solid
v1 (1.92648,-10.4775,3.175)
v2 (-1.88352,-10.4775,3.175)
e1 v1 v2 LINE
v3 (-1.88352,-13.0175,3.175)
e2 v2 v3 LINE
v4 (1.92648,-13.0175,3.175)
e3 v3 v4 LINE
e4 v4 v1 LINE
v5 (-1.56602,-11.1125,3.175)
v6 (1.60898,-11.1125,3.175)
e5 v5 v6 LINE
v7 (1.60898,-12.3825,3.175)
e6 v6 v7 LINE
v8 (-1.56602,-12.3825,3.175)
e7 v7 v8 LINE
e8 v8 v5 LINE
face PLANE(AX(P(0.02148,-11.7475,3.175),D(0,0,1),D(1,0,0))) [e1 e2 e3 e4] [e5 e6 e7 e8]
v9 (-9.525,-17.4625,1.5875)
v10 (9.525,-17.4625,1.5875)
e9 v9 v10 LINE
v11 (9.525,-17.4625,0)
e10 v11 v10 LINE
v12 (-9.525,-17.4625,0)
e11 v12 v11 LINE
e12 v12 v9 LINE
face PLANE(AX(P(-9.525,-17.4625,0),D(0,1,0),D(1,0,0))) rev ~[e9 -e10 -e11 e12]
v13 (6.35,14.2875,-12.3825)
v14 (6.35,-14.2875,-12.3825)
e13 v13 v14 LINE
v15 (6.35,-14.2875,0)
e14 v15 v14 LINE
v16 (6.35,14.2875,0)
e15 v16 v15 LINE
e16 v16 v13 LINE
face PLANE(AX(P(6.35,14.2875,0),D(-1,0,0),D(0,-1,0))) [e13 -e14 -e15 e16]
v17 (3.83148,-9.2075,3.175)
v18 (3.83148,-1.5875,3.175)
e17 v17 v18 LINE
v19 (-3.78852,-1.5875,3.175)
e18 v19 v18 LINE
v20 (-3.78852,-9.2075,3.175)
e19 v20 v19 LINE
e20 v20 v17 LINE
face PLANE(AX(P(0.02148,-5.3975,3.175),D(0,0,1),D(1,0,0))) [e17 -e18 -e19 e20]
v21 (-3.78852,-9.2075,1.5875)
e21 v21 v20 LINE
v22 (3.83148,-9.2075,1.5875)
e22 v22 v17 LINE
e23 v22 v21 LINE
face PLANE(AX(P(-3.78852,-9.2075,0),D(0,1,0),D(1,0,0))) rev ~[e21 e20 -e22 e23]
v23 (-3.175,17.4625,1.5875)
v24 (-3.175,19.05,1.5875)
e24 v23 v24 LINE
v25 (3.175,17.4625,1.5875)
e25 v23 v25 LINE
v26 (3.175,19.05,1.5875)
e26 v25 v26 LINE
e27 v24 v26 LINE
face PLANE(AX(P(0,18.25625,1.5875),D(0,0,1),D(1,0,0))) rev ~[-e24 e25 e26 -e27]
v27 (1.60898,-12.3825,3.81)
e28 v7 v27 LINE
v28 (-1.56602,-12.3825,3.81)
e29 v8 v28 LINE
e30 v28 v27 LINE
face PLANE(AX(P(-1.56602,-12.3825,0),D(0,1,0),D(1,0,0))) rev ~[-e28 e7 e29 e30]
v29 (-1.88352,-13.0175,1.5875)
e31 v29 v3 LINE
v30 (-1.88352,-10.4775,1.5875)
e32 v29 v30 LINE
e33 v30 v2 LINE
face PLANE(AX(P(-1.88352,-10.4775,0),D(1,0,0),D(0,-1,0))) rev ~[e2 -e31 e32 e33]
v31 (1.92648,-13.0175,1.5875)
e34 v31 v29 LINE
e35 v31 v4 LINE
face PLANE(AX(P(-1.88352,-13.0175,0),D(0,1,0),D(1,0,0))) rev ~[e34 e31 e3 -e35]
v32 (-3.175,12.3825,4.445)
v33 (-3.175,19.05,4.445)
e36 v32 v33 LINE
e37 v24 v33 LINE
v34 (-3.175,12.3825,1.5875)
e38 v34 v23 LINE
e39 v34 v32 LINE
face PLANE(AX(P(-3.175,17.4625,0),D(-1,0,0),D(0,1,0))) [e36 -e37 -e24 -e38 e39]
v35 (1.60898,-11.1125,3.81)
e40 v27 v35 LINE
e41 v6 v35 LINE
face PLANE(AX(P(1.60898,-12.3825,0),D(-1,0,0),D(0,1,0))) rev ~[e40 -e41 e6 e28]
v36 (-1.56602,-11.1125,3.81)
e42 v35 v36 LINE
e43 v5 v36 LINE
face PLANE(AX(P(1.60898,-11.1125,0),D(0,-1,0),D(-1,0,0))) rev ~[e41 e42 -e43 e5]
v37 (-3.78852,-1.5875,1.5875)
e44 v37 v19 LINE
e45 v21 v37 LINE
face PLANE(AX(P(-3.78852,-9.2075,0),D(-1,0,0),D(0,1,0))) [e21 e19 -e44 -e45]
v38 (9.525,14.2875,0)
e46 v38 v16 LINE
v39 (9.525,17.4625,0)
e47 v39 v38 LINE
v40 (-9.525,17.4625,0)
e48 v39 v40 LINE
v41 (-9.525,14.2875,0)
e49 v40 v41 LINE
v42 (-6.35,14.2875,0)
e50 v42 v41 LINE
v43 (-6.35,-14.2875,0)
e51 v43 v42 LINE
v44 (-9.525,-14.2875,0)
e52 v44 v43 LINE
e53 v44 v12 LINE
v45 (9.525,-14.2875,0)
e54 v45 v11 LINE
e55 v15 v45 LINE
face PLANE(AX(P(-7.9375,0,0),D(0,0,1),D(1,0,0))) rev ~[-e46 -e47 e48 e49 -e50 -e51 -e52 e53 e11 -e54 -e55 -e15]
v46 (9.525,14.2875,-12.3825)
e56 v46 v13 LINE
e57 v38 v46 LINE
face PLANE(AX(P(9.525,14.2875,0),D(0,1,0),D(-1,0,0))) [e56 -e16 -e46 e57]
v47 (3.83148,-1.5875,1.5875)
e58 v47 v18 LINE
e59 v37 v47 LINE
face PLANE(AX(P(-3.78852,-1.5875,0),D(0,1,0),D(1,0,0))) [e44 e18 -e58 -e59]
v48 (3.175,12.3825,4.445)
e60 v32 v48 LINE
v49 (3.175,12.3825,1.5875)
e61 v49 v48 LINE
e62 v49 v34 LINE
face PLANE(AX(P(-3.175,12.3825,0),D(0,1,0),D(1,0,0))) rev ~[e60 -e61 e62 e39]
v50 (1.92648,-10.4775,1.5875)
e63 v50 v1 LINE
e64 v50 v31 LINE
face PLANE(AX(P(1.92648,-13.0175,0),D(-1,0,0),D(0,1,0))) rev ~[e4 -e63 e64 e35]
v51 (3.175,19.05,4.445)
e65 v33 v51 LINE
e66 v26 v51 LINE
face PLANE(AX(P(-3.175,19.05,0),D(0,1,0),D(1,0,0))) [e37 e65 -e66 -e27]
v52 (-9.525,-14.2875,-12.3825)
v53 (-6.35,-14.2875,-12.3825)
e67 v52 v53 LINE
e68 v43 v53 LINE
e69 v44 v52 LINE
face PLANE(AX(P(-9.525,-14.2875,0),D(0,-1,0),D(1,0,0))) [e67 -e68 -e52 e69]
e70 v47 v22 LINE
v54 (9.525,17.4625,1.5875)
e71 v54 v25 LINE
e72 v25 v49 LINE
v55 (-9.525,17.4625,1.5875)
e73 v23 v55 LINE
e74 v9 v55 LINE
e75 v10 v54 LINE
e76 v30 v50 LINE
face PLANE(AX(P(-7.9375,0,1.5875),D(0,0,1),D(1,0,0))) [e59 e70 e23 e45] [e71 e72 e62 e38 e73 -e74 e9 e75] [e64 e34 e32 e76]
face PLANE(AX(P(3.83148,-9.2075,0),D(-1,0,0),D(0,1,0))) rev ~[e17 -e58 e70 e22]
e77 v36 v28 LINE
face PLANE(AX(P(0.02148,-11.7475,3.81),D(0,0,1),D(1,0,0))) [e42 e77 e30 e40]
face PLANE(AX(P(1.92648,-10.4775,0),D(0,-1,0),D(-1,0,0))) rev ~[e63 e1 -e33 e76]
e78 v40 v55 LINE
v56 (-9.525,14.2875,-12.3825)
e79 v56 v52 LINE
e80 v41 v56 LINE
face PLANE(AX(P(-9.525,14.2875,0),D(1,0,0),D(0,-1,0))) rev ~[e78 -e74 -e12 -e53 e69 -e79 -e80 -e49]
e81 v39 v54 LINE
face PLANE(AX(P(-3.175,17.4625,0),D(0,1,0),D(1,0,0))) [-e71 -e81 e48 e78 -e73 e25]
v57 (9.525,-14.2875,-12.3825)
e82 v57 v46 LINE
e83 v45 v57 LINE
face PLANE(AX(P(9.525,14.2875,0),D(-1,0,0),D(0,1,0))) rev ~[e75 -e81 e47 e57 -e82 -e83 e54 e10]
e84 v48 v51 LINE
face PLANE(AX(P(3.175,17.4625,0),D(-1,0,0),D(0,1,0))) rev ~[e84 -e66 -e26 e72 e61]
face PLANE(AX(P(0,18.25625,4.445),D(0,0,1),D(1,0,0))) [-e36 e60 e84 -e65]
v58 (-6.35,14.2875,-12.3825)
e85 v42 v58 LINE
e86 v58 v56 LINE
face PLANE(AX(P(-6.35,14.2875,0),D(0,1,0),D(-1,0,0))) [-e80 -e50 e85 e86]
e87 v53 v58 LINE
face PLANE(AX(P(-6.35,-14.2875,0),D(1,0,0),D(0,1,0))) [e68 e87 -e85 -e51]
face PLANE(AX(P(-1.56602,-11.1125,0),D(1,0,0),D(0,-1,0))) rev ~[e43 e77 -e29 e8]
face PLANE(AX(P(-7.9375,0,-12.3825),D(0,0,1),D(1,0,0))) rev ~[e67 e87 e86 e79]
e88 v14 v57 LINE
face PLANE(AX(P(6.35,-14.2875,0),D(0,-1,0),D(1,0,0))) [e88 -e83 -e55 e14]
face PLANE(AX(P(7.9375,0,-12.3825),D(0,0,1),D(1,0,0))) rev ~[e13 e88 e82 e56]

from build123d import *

# Parameters (mm, degrees)
F0_W     = 5.715
F0_H     = 1.5875
F0_W_2   = 3.7885198835
F1_DEPTH = 1.5875
F0_W_3   = 6.35
F0_H_2   = 3.175
F0_H_3   = 1.905
F2_DEPTH = 4.445
F3_DEPTH = 4.445
F4_DEPTH = 1.5875
F5_DEPTH = 1.5875
F6_DEPTH = 12.3825
F7_DEPTH = 3.175
F8_DEPTH = 3.81
F0_W_4   = 7.62
F0_H_4   = 7.62
F9_DEPTH = 3.175


with BuildPart() as f1:
    # F0 (on Top) → F1 (new body)
    with BuildSketch(Plane.XY):
        Polygon((-9.525, -17.4625), (-3.81, -17.4625), (-3.81, -14.2875), (-6.35, -14.2875), (-9.525, -14.2875), align=None)
        Polygon((3.8314801165, -14.2875), (6.35, -14.2875), (6.35, 6.7148534581), (-6.35, 6.7148534581), (-6.35, -14.2875), (-3.81, -14.2875), (-3.7885198835, -14.2875), (-3.7885198835, -9.2075), (-3.7885198835, -1.5875), (3.8314801165, -1.5875), (3.8314801165, -9.2075), align=None)
        Polygon((-9.525, 17.4625), (-9.525, 14.2875), (-6.35, 14.2875), (-3.175, 14.2875), (-3.175, 17.4625), align=None)
        Polygon((6.35, 14.2875), (9.525, 14.2875), (9.525, 17.4625), (3.175, 17.4625), (3.175, 14.2875), align=None)
        with Locations((6.6675, -16.66875)):
            Rectangle(F0_W, F0_H)
        with Locations((1.9157400582, -16.66875)):
            Rectangle(F0_W_2, F0_H)
        Polygon((3.81, -15.875), (9.525, -15.875), (9.525, -14.2875), (6.35, -14.2875), (3.8314801165, -14.2875), (3.81, -14.2875), align=None)
        Polygon((-3.81, -17.4625), (0.0214801165, -17.4625), (0.0214801165, -15.875), (0.0214801165, -14.2875), (-3.7885198835, -14.2875), (-3.81, -14.2875), align=None)
        with Locations((1.9157400582, -15.08125)):
            Rectangle(F0_W_2, F0_H)
        Polygon((0.0214801165, -14.2875), (3.81, -14.2875), (3.8314801165, -14.2875), (3.8314801165, -9.2075), (-3.7885198835, -9.2075), (-3.7885198835, -14.2875), align=None)
        Polygon((1.9264801165, -13.0175), (0.0214801165, -13.0175), (-1.8835198835, -13.0175), (-1.8835198835, -10.4775), (1.9264801165, -10.4775), align=None, mode=Mode.SUBTRACT)
        Polygon((6.35, 6.7148534581), (6.35, 14.2875), (3.175, 14.2875), (3.175, 12.3825), (-3.175, 12.3825), (-3.175, 14.2875), (-6.35, 14.2875), (-6.35, 6.7148534581), align=None)
    extrude(amount=F1_DEPTH)

    # F0 (on Top) → F2 (join)
    with BuildSketch(Plane.XY):
        with Locations((0, 15.875)):
            Rectangle(F0_W_3, F0_H_2)
        with Locations((0, 13.335)):
            Rectangle(F0_W_3, F0_H_3)
    extrude(amount=F2_DEPTH)

    # F0 (on Top) → F3 (join)
    with BuildSketch(Plane.XY):
        with Locations((0, 18.25625)):
            Rectangle(F0_W_3, F0_H)
    extrude(amount=F3_DEPTH)

    # F0 (on Top) → F4 (cut)
    with BuildSketch(Plane.XY):
        with Locations((0, 18.25625)):
            Rectangle(F0_W_3, F0_H)
    extrude(amount=F4_DEPTH, mode=Mode.SUBTRACT)

    # F0 (on Top) → F5 (join)
    with BuildSketch(Plane.XY):
        Polygon((-9.525, 14.2875), (-9.525, -14.2875), (-6.35, -14.2875), (-6.35, 6.7148534581), (-6.35, 14.2875), align=None)
        Polygon((6.35, -14.2875), (9.525, -14.2875), (9.525, 14.2875), (6.35, 14.2875), (6.35, 6.7148534581), align=None)
    extrude(amount=F5_DEPTH)

    # F0 (on Top) → F6 (join)
    with BuildSketch(Plane.XY):
        Polygon((6.35, -14.2875), (9.525, -14.2875), (9.525, 14.2875), (6.35, 14.2875), (6.35, 6.7148534581), align=None)
        Polygon((-9.525, 14.2875), (-9.525, -14.2875), (-6.35, -14.2875), (-6.35, 6.7148534581), (-6.35, 14.2875), align=None)
    extrude(amount=-F6_DEPTH)

    # F0 (on Top) → F7 (join)
    with BuildSketch(Plane.XY):
        Polygon((-1.8835198835, -13.0175), (0.0214801165, -13.0175), (1.9264801165, -13.0175), (1.9264801165, -10.4775), (-1.8835198835, -10.4775), align=None)
        Polygon((1.6089801165, -12.3825), (0.0214801165, -12.3825), (-1.5660198835, -12.3825), (-1.5660198835, -11.1125), (1.6089801165, -11.1125), align=None, mode=Mode.SUBTRACT)
    extrude(amount=F7_DEPTH)

    # F0 (on Top) → F8 (join)
    with BuildSketch(Plane.XY):
        Polygon((-1.5660198835, -12.3825), (0.0214801165, -12.3825), (1.6089801165, -12.3825), (1.6089801165, -11.1125), (-1.5660198835, -11.1125), align=None)
    extrude(amount=F8_DEPTH)

    # F0 (on Top) → F9 (join)
    with BuildSketch(Plane.XY):
        with Locations((0.0214801165, -5.3975)):
            Rectangle(F0_W_4, F0_H_4)
    extrude(amount=F9_DEPTH)


solid = f1.part
